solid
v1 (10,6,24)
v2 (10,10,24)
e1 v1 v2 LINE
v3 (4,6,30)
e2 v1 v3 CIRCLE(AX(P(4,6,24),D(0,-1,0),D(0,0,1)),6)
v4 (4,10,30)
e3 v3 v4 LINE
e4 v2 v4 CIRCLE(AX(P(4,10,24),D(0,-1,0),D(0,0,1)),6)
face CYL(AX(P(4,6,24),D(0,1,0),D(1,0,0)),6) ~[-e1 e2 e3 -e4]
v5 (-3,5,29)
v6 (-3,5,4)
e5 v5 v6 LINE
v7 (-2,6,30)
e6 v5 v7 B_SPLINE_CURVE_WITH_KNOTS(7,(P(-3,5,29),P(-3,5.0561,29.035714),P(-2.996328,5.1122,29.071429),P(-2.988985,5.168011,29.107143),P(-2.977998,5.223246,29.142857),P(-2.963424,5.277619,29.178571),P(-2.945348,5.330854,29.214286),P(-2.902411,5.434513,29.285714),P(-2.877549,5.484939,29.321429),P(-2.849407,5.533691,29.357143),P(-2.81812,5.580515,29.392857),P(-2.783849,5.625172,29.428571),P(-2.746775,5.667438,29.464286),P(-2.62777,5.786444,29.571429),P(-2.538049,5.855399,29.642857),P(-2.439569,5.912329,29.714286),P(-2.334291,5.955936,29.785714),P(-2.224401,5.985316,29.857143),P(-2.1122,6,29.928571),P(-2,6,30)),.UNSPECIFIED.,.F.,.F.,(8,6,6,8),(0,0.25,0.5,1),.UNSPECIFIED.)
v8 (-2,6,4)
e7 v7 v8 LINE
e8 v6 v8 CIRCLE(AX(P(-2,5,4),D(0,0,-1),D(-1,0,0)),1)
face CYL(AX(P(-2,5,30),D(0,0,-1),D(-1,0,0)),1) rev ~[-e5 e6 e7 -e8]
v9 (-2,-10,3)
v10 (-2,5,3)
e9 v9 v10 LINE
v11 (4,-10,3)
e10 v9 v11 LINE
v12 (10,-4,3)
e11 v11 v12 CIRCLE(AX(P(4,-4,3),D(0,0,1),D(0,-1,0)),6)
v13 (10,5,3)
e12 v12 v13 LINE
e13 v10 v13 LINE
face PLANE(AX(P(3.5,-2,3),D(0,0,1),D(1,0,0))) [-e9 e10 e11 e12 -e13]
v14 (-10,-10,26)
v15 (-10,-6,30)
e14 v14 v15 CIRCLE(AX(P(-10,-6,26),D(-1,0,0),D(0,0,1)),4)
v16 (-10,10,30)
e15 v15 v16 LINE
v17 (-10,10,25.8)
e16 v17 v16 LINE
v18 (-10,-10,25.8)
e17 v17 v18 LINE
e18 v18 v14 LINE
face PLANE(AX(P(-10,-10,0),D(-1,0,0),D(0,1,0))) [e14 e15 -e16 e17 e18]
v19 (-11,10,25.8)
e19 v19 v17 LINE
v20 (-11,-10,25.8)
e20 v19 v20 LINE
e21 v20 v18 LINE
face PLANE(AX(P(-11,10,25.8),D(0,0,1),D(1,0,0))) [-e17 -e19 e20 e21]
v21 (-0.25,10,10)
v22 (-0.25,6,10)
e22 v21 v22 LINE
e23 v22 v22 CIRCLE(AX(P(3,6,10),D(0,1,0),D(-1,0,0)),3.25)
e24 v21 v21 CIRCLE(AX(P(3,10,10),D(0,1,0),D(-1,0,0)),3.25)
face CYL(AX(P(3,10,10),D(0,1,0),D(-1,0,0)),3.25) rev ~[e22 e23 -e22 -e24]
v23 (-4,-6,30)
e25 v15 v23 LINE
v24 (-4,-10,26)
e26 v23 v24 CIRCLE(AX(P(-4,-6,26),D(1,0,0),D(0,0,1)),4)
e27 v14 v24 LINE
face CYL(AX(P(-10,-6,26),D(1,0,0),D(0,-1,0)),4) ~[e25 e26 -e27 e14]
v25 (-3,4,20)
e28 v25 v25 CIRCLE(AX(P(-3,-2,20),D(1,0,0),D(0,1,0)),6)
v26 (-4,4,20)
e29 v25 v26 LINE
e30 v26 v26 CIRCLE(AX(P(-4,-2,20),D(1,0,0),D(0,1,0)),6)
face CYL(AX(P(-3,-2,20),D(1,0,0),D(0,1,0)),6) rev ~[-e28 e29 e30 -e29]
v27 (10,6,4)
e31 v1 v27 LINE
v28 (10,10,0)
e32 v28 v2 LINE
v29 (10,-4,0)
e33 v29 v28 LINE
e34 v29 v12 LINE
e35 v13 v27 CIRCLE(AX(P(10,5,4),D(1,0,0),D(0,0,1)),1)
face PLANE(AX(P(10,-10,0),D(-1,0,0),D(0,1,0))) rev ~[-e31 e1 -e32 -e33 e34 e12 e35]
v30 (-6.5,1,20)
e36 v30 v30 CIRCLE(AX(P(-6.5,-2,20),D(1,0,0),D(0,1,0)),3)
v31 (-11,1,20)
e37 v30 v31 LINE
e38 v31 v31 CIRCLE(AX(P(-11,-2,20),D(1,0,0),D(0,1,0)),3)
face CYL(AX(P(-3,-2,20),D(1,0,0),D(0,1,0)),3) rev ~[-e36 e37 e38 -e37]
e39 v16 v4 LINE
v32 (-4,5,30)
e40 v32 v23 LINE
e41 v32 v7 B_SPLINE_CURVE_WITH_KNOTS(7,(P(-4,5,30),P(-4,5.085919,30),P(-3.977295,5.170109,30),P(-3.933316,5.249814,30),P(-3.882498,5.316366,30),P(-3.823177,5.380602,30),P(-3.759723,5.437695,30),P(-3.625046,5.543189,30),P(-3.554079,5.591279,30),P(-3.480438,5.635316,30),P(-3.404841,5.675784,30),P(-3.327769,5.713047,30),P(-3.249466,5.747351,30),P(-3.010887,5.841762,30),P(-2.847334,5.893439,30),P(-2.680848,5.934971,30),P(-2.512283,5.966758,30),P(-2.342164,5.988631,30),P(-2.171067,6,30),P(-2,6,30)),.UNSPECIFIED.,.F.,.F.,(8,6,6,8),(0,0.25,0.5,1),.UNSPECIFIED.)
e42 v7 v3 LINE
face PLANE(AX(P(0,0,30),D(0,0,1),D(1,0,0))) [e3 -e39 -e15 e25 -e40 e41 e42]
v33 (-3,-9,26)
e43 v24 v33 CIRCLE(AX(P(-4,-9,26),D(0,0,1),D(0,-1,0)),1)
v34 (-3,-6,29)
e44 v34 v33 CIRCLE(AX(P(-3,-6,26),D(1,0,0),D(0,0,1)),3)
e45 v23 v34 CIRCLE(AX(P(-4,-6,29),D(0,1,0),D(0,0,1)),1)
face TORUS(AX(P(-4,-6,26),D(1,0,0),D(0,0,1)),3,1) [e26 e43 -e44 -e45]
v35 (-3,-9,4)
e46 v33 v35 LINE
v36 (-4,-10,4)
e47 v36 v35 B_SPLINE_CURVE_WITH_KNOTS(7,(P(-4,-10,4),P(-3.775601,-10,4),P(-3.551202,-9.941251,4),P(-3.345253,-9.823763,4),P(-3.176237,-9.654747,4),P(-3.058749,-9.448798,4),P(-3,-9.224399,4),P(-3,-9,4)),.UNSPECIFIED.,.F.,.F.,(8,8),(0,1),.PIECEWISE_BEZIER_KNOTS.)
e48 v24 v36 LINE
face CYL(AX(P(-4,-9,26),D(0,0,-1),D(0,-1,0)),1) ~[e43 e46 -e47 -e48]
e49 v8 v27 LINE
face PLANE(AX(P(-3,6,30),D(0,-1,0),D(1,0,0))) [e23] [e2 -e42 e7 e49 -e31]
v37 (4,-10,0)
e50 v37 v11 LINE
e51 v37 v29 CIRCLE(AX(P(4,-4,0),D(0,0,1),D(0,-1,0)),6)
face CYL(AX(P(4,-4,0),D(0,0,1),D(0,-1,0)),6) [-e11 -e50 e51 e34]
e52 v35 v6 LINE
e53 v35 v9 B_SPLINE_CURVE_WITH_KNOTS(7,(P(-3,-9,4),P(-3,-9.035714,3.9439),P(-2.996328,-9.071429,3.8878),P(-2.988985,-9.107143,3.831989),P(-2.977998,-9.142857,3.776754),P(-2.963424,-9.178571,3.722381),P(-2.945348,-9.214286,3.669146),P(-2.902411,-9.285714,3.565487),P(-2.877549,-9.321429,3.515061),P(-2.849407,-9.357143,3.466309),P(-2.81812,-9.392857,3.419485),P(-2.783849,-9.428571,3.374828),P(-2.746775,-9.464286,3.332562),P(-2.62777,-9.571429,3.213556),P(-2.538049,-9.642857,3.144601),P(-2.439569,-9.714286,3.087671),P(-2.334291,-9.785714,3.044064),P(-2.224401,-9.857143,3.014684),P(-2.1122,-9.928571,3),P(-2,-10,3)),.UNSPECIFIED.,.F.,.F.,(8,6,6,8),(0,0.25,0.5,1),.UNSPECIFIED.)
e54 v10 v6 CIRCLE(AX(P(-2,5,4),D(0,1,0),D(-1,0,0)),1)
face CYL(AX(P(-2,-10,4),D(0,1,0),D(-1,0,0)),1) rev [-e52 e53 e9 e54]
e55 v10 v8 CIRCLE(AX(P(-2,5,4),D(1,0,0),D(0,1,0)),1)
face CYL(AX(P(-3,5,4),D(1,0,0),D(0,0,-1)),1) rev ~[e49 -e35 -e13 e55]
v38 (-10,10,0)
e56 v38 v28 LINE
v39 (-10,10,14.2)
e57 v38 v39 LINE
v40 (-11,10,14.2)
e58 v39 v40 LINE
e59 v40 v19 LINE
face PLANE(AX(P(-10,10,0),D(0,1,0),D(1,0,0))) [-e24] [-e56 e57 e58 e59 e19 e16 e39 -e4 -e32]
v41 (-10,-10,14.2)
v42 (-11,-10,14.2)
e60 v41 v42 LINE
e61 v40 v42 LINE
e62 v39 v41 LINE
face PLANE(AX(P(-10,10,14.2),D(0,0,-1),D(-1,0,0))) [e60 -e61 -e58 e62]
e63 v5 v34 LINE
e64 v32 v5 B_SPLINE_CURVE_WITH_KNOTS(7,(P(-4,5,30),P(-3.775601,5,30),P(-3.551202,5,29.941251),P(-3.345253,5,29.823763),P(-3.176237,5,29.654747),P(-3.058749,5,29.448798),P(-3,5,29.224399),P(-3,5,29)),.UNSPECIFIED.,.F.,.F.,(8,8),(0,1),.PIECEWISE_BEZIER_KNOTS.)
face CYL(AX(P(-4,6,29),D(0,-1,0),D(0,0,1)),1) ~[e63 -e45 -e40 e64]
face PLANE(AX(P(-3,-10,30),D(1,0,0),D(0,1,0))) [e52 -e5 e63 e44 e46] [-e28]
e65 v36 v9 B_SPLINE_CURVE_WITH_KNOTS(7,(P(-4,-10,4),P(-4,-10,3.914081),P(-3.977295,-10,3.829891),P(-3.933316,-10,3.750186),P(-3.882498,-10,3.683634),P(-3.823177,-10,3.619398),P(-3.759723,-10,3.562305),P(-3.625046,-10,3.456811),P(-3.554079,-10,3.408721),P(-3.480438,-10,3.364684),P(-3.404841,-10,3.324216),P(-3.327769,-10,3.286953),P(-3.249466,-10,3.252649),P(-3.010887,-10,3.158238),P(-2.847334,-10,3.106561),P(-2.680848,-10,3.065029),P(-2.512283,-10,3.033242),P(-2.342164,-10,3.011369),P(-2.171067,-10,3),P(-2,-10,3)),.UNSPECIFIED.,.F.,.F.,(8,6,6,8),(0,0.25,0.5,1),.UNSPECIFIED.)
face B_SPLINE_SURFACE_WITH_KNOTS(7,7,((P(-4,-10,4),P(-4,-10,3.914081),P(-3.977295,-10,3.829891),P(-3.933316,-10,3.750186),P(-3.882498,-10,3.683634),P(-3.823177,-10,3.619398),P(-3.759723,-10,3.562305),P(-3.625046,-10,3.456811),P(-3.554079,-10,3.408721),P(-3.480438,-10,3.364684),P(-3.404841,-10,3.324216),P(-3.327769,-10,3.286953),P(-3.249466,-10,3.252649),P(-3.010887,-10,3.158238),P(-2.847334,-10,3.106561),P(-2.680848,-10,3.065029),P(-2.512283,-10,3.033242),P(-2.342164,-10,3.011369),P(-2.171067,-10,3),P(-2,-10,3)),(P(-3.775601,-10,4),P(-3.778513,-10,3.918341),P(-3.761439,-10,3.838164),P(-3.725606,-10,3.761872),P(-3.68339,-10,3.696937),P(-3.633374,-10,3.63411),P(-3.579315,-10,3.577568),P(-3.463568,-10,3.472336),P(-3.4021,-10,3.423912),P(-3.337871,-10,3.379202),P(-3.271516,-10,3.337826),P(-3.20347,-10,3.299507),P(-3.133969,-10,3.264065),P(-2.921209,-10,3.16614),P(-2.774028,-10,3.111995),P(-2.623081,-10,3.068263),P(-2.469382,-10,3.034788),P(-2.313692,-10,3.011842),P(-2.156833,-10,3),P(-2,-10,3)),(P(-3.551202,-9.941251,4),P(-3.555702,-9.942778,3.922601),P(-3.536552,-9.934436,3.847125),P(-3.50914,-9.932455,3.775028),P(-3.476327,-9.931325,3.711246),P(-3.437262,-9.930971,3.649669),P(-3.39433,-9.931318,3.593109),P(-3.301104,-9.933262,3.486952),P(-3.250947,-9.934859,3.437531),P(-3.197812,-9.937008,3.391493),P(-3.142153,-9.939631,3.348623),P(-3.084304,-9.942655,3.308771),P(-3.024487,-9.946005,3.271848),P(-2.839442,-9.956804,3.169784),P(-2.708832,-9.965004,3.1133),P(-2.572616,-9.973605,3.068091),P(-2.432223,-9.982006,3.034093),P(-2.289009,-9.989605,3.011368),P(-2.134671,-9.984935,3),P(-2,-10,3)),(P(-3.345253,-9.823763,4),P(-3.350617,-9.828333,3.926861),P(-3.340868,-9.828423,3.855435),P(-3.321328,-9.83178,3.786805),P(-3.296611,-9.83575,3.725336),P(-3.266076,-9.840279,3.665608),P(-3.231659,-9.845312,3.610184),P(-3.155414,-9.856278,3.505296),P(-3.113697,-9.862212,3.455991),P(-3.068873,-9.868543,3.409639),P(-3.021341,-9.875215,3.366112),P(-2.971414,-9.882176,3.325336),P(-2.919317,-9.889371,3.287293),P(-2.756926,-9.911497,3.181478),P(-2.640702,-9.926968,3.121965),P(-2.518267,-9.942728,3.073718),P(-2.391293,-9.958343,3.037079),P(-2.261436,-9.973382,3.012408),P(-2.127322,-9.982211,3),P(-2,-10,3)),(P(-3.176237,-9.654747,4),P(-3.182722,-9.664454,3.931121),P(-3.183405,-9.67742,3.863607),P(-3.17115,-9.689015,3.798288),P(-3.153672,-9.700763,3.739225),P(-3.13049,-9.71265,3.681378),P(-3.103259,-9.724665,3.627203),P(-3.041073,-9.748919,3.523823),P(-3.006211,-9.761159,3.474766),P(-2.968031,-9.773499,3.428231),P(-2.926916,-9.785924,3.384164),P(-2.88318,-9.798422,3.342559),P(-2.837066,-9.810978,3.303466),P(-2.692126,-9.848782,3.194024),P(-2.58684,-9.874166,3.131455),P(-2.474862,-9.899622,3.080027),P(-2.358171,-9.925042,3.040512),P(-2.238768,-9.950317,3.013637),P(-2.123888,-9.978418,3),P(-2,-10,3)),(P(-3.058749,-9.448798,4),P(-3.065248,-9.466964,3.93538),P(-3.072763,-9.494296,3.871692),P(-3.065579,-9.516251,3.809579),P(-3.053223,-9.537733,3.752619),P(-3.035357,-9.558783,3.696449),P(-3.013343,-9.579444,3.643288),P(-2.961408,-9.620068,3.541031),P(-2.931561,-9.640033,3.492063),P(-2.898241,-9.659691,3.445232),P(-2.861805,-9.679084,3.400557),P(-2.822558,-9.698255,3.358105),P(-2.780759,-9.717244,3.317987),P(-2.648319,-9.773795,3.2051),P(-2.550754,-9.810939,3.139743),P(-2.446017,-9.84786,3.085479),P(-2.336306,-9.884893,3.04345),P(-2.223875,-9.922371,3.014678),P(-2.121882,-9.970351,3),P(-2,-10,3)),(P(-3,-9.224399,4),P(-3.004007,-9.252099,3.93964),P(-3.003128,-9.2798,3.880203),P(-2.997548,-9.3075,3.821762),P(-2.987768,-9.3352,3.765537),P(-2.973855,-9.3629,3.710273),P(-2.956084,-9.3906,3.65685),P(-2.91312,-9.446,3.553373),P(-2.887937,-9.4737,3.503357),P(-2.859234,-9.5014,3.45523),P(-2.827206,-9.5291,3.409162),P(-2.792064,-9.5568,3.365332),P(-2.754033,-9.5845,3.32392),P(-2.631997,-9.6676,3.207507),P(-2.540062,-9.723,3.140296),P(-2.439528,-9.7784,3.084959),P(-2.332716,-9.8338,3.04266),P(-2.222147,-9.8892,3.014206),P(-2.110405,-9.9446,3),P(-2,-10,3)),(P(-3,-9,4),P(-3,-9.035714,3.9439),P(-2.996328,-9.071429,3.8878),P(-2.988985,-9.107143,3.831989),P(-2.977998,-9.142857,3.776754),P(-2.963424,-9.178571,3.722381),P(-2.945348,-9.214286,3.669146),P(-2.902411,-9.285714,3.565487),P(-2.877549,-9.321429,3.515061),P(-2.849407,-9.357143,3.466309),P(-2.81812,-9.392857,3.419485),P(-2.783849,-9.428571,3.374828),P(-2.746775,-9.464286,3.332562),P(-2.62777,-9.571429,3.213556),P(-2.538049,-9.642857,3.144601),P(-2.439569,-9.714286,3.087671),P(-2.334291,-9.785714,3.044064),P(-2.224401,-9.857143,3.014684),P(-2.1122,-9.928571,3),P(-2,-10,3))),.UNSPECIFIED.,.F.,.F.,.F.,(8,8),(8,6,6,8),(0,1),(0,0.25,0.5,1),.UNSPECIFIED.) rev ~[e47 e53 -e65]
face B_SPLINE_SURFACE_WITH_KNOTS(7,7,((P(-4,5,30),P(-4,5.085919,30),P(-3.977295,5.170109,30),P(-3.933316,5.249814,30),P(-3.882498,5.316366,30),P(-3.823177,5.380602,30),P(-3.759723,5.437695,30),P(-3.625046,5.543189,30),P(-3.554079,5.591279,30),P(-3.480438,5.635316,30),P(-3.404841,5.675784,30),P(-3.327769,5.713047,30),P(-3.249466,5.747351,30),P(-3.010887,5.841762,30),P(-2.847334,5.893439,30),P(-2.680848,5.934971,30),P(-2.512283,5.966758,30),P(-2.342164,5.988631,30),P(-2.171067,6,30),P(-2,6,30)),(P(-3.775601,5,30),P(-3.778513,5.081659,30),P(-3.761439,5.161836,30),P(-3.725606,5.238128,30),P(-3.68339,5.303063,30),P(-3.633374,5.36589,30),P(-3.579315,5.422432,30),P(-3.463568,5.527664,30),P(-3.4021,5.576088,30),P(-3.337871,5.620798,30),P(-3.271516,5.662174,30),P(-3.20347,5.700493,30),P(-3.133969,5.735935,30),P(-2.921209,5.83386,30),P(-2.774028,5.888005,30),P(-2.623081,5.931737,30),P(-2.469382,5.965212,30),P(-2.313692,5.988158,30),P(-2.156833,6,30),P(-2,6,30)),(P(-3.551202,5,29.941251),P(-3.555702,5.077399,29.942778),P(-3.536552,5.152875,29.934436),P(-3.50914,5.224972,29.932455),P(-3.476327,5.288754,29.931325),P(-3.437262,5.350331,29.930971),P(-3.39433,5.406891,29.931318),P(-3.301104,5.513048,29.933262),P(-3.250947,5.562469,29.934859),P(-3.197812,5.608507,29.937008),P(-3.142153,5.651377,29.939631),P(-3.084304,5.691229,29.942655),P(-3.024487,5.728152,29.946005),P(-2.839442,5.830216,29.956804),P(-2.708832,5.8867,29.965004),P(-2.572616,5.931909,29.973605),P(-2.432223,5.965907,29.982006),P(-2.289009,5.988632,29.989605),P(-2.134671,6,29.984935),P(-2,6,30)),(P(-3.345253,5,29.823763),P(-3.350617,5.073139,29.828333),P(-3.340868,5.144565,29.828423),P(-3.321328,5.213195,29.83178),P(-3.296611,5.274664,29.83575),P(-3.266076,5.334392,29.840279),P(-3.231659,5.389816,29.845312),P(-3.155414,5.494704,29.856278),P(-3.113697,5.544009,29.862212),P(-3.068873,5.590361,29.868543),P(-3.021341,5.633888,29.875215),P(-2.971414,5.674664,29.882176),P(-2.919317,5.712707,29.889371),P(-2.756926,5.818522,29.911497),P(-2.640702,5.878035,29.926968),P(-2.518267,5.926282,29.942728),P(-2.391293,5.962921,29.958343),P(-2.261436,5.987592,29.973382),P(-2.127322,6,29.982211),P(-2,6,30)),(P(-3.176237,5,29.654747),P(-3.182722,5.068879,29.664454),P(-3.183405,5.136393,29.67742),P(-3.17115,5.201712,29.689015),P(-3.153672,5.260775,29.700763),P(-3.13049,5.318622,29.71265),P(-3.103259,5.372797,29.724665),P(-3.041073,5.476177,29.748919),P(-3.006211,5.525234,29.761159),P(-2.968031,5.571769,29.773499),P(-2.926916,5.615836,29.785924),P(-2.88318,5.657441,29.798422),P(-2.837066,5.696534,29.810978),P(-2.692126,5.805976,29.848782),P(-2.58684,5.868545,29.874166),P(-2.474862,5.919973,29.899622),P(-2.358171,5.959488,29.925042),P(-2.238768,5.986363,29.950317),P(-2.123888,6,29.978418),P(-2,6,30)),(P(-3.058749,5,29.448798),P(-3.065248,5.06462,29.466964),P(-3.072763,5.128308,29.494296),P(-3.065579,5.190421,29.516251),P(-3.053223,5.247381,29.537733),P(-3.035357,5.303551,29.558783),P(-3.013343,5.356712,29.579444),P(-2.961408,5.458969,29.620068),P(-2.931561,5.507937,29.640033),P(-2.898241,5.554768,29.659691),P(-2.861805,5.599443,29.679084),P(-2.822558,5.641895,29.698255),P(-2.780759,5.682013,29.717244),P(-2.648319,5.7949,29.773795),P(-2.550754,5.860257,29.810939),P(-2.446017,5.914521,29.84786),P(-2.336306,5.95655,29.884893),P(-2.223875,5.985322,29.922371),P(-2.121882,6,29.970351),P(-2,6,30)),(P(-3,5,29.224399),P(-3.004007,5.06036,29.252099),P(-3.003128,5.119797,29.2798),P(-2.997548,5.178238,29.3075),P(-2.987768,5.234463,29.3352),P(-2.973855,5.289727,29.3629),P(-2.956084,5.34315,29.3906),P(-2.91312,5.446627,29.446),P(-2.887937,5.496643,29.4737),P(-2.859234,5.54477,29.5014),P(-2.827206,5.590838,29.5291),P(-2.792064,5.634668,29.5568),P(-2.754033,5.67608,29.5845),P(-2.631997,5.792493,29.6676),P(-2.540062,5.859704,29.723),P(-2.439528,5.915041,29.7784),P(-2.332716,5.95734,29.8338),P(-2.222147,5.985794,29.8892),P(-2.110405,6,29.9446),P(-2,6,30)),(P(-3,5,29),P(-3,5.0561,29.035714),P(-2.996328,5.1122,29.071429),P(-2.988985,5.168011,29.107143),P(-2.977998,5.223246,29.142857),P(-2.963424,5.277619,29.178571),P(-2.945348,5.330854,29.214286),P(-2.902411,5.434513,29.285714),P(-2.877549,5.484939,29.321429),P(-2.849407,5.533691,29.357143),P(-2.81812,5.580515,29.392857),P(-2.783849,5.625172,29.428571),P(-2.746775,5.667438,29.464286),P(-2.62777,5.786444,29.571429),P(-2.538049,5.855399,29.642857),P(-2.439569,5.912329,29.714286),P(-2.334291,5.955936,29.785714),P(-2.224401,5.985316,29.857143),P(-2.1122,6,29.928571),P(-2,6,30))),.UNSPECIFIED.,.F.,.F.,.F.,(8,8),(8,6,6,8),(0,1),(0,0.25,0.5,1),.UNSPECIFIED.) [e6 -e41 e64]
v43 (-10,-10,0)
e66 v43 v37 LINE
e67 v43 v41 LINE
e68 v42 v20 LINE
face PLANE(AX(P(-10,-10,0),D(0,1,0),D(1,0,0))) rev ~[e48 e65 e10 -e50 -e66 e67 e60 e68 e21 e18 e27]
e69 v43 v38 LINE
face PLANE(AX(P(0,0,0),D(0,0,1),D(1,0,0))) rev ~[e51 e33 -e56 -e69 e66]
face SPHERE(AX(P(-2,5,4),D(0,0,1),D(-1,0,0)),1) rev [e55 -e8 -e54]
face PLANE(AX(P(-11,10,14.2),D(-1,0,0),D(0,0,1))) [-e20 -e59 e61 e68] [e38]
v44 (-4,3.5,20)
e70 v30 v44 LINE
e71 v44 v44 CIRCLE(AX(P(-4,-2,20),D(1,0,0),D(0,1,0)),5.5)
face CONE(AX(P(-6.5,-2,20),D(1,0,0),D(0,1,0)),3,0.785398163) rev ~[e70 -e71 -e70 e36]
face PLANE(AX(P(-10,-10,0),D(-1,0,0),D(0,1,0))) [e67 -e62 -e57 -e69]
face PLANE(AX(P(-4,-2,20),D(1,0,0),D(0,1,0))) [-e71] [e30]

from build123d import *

# Parameters (mm, degrees)
SKETCH_W        = 20
SKETCH_H        = 20
PAD_DEPTH       = 30
PAD001_DEPTH    = 20
SKETCH002_W     = 13
SKETCH002_H     = 16
POCKET_DEPTH    = 27
SKETCH003_R     = 3
POCKET001_DEPTH = 8.001
SKETCH004_R     = 6
POCKET002_DEPTH = 1
CHAMFER_SIZE    = 2.5
FILLET_R        = 4
FILLET001_R     = 1
FILLET002_R     = 6
SKETCH005_R     = 3.25
POCKET003_DEPTH = 5


with BuildPart() as part:
    # Sketch → Pad (new body)
    with BuildSketch(Plane.XY):
        Rectangle(SKETCH_W, SKETCH_H)
    extrude(amount=PAD_DEPTH)

    # Sketch001 (on Face1 of Pad) → Pad001 (join)
    with BuildSketch(Plane(origin=(0, 10, 0), x_dir=(-1, 0, 0), z_dir=(0, 1, 0))):
        Polygon((10, 25.8), (10, 20), (10, 14.2), (11, 14.2), (11, 25.8), align=None)
    extrude(amount=-PAD001_DEPTH)

    # Sketch002 (on Face7 of Pad001) → Pocket (cut)
    with BuildSketch(Plane.XY.offset(30)):
        with Locations((3.5, -2)):
            Rectangle(SKETCH002_W, SKETCH002_H)
    extrude(amount=-POCKET_DEPTH, mode=Mode.SUBTRACT)

    # Sketch003 (on Face12 of Pocket) → Pocket001 (cut, through all)
    with BuildSketch(Plane.YZ.offset(-3)):
        with Locations((-2, 20)):
            Circle(SKETCH003_R)
    extrude(amount=-POCKET001_DEPTH, mode=Mode.SUBTRACT)

    # Sketch004 (on Face12 of Pocket001) → Pocket002 (cut)
    with BuildSketch(Plane.YZ.offset(-3)):
        with Locations((-2, 20)):
            Circle(SKETCH004_R)
    extrude(amount=-POCKET002_DEPTH, mode=Mode.SUBTRACT)

    # Chamfer
    chamfer_edges = [part.edges().sort_by_distance(p)[0] for p in [
        (-4, -5, 20),
    ]]
    chamfer(chamfer_edges, length=CHAMFER_SIZE)

    # Fillet
    fillet_edges = [part.edges().sort_by_distance(p)[0] for p in [
        (-6.5, -10, 30),
    ]]
    fillet(fillet_edges, radius=FILLET_R)

    # Fillet001
    fillet001_edges = [part.edges().sort_by_distance(p)[0] for p in [
        (-3, -10, 14.5),
        (-3, 6, 16.5),
        (-3, -2, 3),
        (3.5, 6, 3),
    ]]
    fillet(fillet001_edges, radius=FILLET001_R)

    # Fillet002
    fillet002_edges = [part.edges().sort_by_distance(p)[0] for p in [
        (10, -10, 1.5),
        (10, 8, 30),
    ]]
    fillet(fillet002_edges, radius=FILLET002_R)

    # Sketch005 (on Face2 of Fillet002) → Pocket003 (cut)
    with BuildSketch(Plane(origin=(0, 10, 0), x_dir=(-1, 0, 0), z_dir=(0, 1, 0))):
        with Locations((-3, 10)):
            Circle(SKETCH005_R)
    extrude(amount=-POCKET003_DEPTH, mode=Mode.SUBTRACT)


solid = part.part
